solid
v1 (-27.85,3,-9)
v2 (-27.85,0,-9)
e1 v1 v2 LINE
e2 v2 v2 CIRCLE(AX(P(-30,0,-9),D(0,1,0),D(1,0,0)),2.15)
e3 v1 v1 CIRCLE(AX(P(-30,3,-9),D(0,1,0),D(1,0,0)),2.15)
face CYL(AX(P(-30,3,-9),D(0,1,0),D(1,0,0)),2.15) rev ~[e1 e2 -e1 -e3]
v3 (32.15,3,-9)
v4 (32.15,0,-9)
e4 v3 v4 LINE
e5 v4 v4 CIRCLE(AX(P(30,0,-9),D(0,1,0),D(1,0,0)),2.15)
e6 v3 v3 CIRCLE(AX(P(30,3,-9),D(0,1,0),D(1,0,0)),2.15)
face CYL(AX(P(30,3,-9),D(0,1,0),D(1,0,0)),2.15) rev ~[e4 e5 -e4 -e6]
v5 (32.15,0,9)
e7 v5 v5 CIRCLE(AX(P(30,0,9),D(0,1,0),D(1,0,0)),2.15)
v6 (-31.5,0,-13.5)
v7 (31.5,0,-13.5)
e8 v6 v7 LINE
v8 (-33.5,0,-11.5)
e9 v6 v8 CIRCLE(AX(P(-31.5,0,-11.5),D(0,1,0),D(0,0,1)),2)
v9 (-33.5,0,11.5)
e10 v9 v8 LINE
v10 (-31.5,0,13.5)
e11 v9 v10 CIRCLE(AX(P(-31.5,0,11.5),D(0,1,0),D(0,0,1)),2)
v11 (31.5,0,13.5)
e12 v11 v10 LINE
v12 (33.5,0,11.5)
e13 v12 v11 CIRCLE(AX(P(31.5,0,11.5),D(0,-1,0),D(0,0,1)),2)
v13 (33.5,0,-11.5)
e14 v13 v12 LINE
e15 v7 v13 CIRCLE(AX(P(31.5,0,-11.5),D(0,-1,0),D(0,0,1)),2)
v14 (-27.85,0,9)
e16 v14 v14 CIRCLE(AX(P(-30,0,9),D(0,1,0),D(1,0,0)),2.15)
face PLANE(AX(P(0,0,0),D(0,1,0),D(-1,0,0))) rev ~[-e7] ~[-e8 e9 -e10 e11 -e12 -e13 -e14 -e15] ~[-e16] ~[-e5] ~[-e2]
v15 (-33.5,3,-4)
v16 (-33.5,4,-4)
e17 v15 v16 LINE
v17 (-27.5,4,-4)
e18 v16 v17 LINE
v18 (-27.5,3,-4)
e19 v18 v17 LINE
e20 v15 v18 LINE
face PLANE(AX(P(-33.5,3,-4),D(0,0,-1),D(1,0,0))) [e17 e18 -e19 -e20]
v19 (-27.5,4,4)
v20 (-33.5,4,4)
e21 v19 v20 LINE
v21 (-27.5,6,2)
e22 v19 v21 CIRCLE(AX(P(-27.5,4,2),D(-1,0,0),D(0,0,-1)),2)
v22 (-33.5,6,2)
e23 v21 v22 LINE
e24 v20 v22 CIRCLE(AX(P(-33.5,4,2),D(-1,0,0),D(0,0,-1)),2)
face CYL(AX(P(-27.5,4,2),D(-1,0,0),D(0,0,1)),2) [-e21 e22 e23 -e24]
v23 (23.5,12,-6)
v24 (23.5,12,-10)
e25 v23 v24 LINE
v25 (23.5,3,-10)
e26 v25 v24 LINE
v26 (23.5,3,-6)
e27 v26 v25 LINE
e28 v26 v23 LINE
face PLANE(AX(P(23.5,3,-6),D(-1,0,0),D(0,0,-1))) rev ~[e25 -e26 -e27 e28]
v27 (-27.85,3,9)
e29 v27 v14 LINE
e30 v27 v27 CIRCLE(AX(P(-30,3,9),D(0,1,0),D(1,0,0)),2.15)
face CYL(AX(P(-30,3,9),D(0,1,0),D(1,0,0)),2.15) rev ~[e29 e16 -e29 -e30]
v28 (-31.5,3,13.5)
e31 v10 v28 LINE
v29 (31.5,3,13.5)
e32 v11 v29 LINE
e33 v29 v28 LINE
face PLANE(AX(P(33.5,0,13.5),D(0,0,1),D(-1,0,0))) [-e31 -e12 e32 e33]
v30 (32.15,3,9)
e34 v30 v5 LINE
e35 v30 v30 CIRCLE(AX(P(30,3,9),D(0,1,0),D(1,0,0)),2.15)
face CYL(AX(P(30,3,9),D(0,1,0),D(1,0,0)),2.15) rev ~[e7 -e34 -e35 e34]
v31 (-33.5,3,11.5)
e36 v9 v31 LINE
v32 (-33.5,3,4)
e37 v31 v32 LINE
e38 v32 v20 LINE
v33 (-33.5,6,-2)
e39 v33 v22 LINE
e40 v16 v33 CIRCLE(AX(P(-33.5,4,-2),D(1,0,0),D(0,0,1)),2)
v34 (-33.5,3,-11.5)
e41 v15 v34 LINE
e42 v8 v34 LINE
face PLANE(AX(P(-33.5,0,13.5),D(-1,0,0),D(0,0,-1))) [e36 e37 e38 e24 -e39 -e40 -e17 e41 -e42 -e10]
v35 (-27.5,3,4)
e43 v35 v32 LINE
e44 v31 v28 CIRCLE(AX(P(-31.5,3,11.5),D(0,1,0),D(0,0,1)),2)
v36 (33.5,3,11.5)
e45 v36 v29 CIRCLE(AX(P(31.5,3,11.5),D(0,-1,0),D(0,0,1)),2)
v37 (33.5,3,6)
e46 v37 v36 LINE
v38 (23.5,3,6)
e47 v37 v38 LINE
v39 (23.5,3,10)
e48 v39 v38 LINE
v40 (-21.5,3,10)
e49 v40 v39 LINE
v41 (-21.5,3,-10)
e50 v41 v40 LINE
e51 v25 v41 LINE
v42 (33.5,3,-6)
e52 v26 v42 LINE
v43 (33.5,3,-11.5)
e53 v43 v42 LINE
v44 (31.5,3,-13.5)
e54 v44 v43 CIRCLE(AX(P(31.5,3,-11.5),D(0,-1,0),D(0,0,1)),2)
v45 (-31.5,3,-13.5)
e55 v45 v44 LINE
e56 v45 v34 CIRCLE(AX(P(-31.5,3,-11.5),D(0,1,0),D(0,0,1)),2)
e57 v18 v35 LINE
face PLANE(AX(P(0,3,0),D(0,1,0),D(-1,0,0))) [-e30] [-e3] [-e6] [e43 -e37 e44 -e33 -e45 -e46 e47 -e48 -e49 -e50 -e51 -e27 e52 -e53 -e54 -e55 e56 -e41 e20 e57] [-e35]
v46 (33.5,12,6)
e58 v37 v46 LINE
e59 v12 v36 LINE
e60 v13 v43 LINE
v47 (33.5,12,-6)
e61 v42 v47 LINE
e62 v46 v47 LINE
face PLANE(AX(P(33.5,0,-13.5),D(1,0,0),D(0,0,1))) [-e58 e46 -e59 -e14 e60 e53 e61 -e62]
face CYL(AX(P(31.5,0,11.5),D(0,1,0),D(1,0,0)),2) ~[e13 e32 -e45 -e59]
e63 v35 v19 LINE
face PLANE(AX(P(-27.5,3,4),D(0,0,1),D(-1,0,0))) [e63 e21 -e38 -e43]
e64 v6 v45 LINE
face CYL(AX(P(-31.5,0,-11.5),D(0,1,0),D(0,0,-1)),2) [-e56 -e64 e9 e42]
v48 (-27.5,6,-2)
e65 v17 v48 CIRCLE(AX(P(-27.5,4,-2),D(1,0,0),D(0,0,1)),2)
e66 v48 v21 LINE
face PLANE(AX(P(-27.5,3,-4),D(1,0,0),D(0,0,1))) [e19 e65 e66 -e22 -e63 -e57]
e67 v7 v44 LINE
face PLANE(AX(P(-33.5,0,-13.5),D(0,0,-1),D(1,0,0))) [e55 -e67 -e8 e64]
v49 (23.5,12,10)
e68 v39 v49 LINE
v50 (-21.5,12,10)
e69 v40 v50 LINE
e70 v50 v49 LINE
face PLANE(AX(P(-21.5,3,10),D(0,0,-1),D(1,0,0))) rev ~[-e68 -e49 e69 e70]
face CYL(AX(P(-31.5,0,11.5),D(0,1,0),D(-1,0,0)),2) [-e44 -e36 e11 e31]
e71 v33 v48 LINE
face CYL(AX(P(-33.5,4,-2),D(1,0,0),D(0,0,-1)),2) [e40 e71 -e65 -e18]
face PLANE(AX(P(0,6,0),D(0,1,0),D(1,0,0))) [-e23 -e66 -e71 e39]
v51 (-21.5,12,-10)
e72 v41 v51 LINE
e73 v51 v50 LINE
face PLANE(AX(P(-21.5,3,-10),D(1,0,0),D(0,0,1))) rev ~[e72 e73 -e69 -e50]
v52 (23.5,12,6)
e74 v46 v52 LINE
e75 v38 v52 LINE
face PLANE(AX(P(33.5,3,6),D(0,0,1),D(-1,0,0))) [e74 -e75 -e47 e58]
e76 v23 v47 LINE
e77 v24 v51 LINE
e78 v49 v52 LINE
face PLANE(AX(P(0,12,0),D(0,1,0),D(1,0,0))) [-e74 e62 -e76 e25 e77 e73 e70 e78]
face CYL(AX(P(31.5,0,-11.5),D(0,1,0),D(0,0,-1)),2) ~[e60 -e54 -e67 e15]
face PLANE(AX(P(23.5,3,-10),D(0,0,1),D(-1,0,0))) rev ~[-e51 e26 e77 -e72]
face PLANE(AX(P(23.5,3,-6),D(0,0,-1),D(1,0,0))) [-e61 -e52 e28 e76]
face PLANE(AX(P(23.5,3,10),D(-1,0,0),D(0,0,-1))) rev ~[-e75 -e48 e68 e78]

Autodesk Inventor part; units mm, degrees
ref_plane "YZ Plane" through (0, 0, 0) normal (1, 0, 0) x (0, 1, 0)
ref_plane "XZ Plane" through (0, 0, 0) normal (0, 1, 0) x (-1, 0, 0)
ref_plane "XY Plane" through (0, 0, 0) normal (0, 0, 1) x (1, 0, 0)
sketch "Sketch1" plane through (0, 0, 0) normal (0, 1, 0) x (-1, 0, 0)
  line L0 (33.5, -13.5) -> (-33.5, -13.5)
  line L1 (-33.5, -13.5) -> (-33.5, 13.5)
  line L2 (-33.5, 13.5) -> (33.5, 13.5)
  line L3 (33.5, 13.5) -> (33.5, -13.5)
  line L4 (0, 0) -> (86.7229, 0) construction
  line L5 (0, 0) -> (0, 45.1017) construction
  dimension "d0" = 27
  dimension "d1" = 67
extrude "Extrusion1" add sketch "Sketch1" along normal blind 3
sketch "Sketch2" plane through (0, 3, 0) normal (0, 1, 0) x (1, 0, 0)
  line L0 (33.5, 13.5) -> (-33.5, 13.5) projected
  line L1 (33.5, -13.5) -> (33.5, 13.5) projected
  line L2 (0, 0) -> (26.8835, 0) construction
  line L3 (0, 0) -> (0, 11.9949) construction
  circle A0 centre (30, 9) radius 2.15
  circle A1 centre (-30, 9) radius 2.15
  circle A2 centre (30, -9) radius 2.15
  circle A3 centre (-30, -9) radius 2.15
  dimension "d4" = 4.3
  dimension "d5" = 3.5
  dimension "d6" = 4.5
extrude "Extrusion2" cut sketch "Sketch2" against normal through all
fillet "Fillet1" radius 2 4 edges at (-33.5, 1.5, 13.5) (-33.5, 1.5, -13.5) (33.5, 1.5, -13.5) (33.5, 1.5, 13.5)
sketch "Sketch3" plane through (0, 3, 0) normal (0, 1, 0) x (1, 0, 0)
  line L0 (33.5, -11.5) -> (33.5, 11.5) projected
  line L1 (23.5, 6) -> (33.5, 6)
  line L2 (33.5, 6) -> (33.5, -6)
  line L3 (33.5, -6) -> (23.5, -6)
  line L4 (23.5, -6) -> (23.5, 6)
  line L5 (0, 0) -> (50.7888, 0) construction
  line L6 (23.5, 10) -> (-21.5, 10)
  line L7 (-21.5, 10) -> (-21.5, -10)
  line L8 (-21.5, -10) -> (23.5, -10)
  line L9 (23.5, -10) -> (23.5, 10)
  dimension "d10" = 10
  dimension "d11" = 12
  dimension "d12" = 20
  dimension "d13" = 45
extrude "Extrusion3" add sketch "Sketch3" along normal blind 9
sketch "Sketch4" plane through (0, 3, 0) normal (0, 1, 0) x (1, 0, 0)
  line L0 (-33.5, 11.5) -> (-33.5, -11.5) projected
  line L1 (-33.5, 4) -> (-27.5, 4)
  line L2 (-27.5, 4) -> (-27.5, -4)
  line L3 (-27.5, -4) -> (-33.5, -4)
  line L4 (-33.5, -4) -> (-33.5, 4)
  line L5 (0, 0) -> (-50.5157, 0) construction
  dimension "d16" = 6
  dimension "d17" = 8
extrude "Extrusion4" add sketch "Sketch4" along normal blind 3
fillet "Fillet2" radius 2 2 edges at (-30.5, 6, 4) (-30.5, 6, -4)
properties part number "Board"
